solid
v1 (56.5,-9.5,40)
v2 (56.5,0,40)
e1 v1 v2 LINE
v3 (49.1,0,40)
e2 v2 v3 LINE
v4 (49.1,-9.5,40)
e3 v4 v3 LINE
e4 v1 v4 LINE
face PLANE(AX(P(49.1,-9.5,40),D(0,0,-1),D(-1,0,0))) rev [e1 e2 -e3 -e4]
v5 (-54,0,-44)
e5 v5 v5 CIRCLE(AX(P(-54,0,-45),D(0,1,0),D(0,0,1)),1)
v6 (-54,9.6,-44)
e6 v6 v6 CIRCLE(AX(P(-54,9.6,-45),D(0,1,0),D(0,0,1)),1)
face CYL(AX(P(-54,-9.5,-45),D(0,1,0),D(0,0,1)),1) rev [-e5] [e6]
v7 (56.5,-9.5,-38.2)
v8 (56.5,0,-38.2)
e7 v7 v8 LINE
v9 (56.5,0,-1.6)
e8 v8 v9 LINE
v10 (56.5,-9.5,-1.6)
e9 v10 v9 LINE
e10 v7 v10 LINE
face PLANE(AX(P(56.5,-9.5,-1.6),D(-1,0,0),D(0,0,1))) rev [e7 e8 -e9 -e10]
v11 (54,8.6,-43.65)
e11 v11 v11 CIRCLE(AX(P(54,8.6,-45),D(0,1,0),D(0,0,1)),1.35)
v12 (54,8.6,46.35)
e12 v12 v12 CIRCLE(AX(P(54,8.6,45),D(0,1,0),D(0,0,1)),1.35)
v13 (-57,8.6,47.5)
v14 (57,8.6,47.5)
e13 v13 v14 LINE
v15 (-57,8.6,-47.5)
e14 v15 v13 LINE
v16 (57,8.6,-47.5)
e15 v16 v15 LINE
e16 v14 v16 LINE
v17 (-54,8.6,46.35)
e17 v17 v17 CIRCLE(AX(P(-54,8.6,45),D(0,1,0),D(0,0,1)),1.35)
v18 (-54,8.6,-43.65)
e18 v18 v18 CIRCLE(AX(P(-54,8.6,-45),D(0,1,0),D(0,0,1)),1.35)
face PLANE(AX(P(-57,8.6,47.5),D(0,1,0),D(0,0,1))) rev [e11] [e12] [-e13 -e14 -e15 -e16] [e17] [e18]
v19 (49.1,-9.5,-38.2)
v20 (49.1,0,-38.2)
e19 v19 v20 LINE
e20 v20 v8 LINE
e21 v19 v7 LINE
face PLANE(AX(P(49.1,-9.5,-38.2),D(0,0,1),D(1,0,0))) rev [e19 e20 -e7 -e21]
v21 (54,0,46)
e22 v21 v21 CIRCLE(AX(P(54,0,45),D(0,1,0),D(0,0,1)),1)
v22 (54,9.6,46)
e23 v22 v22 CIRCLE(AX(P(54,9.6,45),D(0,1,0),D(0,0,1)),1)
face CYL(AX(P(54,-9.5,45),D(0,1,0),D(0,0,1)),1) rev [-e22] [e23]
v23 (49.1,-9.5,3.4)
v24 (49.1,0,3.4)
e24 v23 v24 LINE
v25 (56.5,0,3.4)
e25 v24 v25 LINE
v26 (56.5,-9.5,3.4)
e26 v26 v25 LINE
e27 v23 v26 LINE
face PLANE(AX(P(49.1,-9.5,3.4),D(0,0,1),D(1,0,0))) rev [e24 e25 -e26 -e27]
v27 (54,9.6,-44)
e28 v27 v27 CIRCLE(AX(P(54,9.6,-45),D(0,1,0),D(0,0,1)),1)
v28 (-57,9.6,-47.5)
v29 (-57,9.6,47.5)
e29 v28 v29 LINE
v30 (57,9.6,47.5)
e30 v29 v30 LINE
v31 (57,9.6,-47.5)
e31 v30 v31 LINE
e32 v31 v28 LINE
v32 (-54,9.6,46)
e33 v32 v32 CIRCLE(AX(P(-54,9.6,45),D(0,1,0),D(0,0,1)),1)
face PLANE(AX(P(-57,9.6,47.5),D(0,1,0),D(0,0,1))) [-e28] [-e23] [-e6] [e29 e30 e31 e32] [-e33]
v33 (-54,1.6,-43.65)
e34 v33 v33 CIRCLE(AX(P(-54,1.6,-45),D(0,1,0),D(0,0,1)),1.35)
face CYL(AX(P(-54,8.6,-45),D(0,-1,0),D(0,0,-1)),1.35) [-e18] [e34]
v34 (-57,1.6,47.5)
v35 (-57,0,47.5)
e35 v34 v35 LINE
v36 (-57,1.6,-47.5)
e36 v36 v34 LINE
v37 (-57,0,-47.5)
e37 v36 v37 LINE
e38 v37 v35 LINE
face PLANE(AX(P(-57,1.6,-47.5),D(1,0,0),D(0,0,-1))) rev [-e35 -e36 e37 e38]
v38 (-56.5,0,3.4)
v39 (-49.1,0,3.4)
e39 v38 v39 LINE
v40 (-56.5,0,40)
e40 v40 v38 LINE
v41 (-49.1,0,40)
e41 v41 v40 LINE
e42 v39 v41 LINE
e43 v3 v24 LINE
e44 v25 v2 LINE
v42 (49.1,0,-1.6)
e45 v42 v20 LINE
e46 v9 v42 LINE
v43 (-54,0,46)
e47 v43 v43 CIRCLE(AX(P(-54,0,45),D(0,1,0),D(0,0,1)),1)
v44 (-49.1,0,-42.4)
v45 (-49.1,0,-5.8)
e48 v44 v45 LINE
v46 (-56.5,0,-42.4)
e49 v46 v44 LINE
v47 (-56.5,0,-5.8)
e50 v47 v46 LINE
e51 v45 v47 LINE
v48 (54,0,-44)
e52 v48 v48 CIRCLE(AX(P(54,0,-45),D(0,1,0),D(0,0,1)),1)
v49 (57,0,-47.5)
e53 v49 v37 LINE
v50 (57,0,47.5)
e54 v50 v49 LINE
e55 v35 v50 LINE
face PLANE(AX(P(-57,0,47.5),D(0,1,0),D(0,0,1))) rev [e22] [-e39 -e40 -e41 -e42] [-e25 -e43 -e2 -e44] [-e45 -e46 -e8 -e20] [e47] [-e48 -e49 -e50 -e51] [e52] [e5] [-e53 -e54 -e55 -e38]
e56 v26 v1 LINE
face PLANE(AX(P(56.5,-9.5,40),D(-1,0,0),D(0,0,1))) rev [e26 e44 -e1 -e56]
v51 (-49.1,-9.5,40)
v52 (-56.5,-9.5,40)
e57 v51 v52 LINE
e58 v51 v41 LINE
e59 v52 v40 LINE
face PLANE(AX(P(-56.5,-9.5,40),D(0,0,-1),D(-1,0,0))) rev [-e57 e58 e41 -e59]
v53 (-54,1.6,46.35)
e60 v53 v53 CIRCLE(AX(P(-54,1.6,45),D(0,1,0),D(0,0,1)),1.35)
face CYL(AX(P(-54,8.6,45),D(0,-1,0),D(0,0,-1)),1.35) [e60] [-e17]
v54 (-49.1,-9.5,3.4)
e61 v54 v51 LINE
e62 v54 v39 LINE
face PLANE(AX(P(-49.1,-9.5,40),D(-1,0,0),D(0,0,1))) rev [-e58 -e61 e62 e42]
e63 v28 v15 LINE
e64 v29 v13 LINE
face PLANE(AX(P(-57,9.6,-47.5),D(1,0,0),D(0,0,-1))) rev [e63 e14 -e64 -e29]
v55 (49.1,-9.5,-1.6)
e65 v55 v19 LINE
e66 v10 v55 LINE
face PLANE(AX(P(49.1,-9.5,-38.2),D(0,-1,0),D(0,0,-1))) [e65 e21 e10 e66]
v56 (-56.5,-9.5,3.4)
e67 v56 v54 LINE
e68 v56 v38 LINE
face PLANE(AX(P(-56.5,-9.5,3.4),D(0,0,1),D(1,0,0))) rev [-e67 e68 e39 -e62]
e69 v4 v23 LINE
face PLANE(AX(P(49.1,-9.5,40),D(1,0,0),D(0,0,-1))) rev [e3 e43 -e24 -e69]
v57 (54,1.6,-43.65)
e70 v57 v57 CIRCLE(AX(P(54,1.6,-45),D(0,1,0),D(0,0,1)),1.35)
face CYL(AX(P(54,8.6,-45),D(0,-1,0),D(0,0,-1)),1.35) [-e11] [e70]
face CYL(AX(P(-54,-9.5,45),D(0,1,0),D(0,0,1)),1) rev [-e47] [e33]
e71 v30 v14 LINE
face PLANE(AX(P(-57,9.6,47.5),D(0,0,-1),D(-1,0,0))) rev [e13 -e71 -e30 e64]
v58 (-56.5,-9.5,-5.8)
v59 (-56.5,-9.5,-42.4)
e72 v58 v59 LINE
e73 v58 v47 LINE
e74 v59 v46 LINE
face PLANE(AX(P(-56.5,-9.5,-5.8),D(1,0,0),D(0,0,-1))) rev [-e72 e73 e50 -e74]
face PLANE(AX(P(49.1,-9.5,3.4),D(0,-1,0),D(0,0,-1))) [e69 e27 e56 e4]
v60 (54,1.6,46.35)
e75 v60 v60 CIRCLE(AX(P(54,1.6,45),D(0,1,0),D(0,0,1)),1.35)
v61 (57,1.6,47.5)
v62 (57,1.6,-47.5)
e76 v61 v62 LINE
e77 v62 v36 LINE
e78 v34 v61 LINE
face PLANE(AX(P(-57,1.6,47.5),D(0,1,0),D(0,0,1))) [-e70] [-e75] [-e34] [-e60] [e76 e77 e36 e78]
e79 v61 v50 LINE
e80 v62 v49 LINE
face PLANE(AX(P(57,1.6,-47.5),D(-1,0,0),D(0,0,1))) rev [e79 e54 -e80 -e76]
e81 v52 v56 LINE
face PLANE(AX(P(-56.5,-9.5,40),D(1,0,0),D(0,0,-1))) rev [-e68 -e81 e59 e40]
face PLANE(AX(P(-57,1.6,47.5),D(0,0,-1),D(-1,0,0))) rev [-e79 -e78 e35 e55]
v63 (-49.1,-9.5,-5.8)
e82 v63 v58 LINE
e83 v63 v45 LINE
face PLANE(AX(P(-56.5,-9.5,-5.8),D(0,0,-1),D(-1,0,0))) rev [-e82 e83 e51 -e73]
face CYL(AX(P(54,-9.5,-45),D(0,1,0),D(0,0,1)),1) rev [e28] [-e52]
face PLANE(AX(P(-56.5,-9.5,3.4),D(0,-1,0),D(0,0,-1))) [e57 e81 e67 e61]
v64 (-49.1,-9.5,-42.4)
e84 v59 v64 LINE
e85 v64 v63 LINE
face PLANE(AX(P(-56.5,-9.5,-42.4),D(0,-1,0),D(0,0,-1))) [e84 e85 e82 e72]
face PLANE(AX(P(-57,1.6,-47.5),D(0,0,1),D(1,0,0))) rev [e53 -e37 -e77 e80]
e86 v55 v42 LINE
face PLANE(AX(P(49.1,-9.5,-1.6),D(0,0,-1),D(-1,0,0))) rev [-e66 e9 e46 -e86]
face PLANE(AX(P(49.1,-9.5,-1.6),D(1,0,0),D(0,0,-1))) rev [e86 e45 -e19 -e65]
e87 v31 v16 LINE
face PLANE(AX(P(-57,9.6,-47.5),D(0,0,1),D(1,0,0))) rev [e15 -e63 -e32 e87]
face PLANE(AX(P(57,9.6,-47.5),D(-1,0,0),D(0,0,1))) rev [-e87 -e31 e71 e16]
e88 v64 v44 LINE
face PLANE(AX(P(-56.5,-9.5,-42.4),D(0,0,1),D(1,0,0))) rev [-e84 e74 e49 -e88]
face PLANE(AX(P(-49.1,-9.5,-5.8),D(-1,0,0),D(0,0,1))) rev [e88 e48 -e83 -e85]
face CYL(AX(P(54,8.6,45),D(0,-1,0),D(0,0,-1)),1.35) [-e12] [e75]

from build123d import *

# Parameters (mm, degrees)
SKETCH3_W          = 114
SKETCH3_H          = 95
EXTRUDE1_DEPTH     = 1.6
SKETCH4_W          = 7.4
SKETCH4_H          = 36.6
EXTRUDE2_DEPTH     = 9.5
SKETCH5_R          = 1.35
EXTRUDE3_DEPTH     = 7
SKETCH7_W          = 114
SKETCH7_H          = 95
EXTRUDE4_DEPTH     = 1
SKETCH8_R          = 1
CUT_EXTRUDE1_DEPTH = 20.1


with BuildPart() as part:
    # Sketch3 → Extrude1 (new body)
    with BuildSketch(Plane(origin=(0, 0, 0), x_dir=(1, 0, 0), z_dir=(0, 1, 0))):
        Rectangle(SKETCH3_W, SKETCH3_H)
    extrude(amount=EXTRUDE1_DEPTH)

    # Sketch4 → Extrude2 (add)
    with BuildSketch(Plane.XZ):
        with Locations((-52.8, 21.7)):
            Rectangle(SKETCH4_W, SKETCH4_H)
        with Locations((-52.8, -24.1)):
            Rectangle(SKETCH4_W, SKETCH4_H)
        with Locations((52.8, 21.7)):
            Rectangle(SKETCH4_W, SKETCH4_H)
        with Locations((52.8, -19.9)):
            Rectangle(SKETCH4_W, SKETCH4_H)
    extrude(amount=EXTRUDE2_DEPTH)

    # Sketch5 → Extrude3 (add)
    with BuildSketch(Plane(origin=(0, 1.6, 0), x_dir=(-1, 0, 0), z_dir=(0, 1, 0))):
        with Locations((54, -45)):
            Circle(SKETCH5_R)
        with Locations((54, 45)):
            Circle(SKETCH5_R)
        with Locations((-54, 45)):
            Circle(SKETCH5_R)
        with Locations((-54, -45)):
            Circle(SKETCH5_R)
    extrude(amount=EXTRUDE3_DEPTH)

    # Sketch7 → Extrude4 (add)
    with BuildSketch(Plane(origin=(0, 8.6, 0), x_dir=(-1, 0, 0), z_dir=(0, 1, 0))):
        Rectangle(SKETCH7_W, SKETCH7_H)
    extrude(amount=EXTRUDE4_DEPTH)

    # Sketch8 → Cut-Extrude1 (cut, through all)
    with BuildSketch(Plane(origin=(0, 9.6, 0), x_dir=(-1, 0, 0), z_dir=(0, 1, 0))):
        with Locations((54, -45)):
            Circle(SKETCH8_R)
        with Locations((54, 45)):
            Circle(SKETCH8_R)
        with Locations((-54, 45)):
            Circle(SKETCH8_R)
        with Locations((-54, -45)):
            Circle(SKETCH8_R)
    extrude(amount=-CUT_EXTRUDE1_DEPTH, mode=Mode.SUBTRACT)


solid = part.part
